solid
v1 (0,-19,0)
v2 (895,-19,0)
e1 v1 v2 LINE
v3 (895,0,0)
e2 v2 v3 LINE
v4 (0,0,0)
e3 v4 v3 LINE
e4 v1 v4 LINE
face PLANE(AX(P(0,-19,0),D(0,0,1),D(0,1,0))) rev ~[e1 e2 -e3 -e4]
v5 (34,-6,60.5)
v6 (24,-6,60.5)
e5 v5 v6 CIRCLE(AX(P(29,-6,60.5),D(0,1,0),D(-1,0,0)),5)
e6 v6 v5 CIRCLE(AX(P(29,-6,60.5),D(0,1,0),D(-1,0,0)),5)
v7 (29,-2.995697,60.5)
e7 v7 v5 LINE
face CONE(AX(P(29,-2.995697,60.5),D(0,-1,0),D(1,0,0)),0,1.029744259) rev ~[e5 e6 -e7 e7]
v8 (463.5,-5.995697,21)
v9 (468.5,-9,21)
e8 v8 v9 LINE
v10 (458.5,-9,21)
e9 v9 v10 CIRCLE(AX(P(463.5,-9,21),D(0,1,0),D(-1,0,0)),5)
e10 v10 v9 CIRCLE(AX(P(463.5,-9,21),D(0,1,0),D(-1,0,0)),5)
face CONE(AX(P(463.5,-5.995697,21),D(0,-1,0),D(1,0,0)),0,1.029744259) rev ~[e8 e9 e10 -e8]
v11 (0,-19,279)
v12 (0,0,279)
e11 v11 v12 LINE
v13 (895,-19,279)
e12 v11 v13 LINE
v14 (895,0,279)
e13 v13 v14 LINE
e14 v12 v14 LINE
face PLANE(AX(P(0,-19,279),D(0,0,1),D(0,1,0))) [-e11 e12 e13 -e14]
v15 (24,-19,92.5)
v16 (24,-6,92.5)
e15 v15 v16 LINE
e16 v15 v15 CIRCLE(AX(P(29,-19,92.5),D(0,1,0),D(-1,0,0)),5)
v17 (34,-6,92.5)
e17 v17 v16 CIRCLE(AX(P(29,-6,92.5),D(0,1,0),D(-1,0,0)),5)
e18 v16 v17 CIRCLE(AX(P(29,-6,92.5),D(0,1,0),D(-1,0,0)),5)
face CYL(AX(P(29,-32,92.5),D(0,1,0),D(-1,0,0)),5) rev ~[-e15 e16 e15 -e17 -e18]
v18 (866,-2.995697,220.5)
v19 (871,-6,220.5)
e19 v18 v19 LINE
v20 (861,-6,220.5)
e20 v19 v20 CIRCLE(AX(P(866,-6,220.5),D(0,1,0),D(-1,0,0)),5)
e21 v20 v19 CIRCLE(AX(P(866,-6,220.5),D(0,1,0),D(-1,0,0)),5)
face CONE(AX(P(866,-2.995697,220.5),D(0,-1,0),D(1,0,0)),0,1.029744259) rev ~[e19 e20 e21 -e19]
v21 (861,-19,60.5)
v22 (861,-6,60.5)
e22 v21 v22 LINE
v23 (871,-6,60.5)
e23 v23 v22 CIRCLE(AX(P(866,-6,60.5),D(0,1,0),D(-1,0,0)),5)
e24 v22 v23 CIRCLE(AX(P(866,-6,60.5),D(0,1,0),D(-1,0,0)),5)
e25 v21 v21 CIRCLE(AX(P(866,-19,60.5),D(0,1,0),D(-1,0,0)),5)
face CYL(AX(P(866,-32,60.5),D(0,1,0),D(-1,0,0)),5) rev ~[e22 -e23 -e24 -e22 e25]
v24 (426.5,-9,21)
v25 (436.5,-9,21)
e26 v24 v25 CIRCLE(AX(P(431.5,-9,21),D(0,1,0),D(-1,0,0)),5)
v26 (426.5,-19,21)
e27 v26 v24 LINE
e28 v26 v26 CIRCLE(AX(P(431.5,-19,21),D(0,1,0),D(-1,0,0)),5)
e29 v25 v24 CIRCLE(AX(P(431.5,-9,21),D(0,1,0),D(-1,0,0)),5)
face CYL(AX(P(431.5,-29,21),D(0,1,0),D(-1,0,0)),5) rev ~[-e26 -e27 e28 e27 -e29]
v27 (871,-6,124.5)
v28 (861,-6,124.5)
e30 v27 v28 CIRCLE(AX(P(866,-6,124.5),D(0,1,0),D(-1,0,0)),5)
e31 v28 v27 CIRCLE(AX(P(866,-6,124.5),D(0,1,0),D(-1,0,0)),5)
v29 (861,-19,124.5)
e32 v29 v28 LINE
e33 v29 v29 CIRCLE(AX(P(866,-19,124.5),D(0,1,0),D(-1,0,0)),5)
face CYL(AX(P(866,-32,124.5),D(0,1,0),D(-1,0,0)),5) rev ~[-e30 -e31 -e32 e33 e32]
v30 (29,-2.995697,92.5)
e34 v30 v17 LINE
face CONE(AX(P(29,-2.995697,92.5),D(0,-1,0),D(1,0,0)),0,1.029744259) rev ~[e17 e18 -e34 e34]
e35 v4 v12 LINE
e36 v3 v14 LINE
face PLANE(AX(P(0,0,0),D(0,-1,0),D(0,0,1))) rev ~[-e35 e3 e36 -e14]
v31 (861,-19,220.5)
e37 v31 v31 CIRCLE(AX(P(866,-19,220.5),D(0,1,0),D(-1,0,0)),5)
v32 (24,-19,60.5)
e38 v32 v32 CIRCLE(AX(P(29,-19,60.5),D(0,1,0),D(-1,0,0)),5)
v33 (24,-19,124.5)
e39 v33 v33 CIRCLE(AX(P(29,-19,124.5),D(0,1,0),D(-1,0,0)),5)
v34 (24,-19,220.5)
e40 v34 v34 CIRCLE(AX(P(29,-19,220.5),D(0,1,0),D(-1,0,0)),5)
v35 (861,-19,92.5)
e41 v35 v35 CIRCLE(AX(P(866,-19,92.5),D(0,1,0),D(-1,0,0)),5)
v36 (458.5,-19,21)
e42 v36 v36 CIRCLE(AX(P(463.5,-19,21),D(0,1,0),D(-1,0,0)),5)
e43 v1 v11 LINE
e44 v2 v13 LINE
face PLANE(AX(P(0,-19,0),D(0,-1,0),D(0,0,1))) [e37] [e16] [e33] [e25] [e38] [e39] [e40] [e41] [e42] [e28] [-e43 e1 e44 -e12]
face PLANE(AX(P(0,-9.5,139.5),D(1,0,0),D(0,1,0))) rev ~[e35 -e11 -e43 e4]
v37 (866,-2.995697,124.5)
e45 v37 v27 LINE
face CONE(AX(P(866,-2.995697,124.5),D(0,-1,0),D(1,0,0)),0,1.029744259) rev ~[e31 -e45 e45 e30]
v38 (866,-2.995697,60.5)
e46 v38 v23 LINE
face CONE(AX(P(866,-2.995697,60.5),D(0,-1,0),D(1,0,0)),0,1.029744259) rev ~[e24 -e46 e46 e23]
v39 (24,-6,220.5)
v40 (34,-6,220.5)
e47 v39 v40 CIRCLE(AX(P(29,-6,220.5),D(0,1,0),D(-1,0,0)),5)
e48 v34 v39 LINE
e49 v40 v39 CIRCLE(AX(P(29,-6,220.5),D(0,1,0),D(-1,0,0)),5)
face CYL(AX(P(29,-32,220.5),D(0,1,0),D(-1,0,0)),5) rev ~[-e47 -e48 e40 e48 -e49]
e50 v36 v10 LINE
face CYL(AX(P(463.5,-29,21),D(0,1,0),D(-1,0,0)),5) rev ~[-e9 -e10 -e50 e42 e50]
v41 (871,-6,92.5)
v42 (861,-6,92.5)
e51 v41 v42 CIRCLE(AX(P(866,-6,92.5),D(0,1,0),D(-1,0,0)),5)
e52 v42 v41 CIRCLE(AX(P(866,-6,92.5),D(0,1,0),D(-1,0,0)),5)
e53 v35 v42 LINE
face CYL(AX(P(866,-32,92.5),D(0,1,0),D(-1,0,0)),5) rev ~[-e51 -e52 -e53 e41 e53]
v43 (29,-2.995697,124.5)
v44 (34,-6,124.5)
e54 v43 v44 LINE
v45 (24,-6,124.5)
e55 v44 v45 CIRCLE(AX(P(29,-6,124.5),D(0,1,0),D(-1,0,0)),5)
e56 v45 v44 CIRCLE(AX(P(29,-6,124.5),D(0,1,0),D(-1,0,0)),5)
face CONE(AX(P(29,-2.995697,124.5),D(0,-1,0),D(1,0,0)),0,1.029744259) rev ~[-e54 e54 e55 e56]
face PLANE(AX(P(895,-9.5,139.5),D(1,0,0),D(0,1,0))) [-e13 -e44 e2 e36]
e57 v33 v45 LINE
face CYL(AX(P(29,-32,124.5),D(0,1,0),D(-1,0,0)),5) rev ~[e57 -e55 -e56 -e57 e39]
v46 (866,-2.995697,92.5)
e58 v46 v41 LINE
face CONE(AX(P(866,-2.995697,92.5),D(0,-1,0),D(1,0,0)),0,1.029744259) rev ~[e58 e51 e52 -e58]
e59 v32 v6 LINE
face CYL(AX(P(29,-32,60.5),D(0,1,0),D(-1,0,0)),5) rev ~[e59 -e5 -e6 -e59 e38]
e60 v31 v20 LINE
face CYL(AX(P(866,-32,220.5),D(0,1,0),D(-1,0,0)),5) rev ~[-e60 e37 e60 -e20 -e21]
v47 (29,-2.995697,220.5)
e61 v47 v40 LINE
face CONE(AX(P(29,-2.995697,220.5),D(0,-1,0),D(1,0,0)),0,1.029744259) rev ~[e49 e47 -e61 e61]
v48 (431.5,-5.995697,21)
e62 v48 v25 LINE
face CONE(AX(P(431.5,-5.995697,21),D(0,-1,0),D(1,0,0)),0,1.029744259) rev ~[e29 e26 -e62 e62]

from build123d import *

# Parameters (mm, degrees)
F0_W     = 19
F0_H     = 279
F1_DEPTH = 895
F3_D     = 10
F3_DEPTH = 13
F3_TIP   = 3.0043030951
F4_D     = 10
F4_DEPTH = 10
F4_TIP   = 3.0043030951


with BuildPart() as f1:
    # F0 (on Right) → F1 (new body)
    with BuildSketch(Plane.YZ):
        with Locations((-9.5, 139.5)):
            Rectangle(F0_W, F0_H)
    extrude(amount=F1_DEPTH)

    # F3
    with Locations(Plane.XZ.offset(19)):
        with Locations((29, 220.5), (29, 124.5), (29, 92.5), (29, 60.5), (866, 60.5), (866, 92.5), (866, 124.5), (866, 220.5)):
            Hole(F3_D / 2, depth=F3_DEPTH)
            with Locations((0, 0, -(F3_DEPTH + F3_TIP / 2))):  # 118° drill point
                Cone(0, F3_D / 2, F3_TIP, mode=Mode.SUBTRACT)

    # F4
    with Locations(Plane.XZ.offset(19)):
        with Locations((431.5, 21), (463.5, 21)):
            Hole(F4_D / 2, depth=F4_DEPTH)
            with Locations((0, 0, -(F4_DEPTH + F4_TIP / 2))):  # 118° drill point
                Cone(0, F4_D / 2, F4_TIP, mode=Mode.SUBTRACT)


solid = f1.part
